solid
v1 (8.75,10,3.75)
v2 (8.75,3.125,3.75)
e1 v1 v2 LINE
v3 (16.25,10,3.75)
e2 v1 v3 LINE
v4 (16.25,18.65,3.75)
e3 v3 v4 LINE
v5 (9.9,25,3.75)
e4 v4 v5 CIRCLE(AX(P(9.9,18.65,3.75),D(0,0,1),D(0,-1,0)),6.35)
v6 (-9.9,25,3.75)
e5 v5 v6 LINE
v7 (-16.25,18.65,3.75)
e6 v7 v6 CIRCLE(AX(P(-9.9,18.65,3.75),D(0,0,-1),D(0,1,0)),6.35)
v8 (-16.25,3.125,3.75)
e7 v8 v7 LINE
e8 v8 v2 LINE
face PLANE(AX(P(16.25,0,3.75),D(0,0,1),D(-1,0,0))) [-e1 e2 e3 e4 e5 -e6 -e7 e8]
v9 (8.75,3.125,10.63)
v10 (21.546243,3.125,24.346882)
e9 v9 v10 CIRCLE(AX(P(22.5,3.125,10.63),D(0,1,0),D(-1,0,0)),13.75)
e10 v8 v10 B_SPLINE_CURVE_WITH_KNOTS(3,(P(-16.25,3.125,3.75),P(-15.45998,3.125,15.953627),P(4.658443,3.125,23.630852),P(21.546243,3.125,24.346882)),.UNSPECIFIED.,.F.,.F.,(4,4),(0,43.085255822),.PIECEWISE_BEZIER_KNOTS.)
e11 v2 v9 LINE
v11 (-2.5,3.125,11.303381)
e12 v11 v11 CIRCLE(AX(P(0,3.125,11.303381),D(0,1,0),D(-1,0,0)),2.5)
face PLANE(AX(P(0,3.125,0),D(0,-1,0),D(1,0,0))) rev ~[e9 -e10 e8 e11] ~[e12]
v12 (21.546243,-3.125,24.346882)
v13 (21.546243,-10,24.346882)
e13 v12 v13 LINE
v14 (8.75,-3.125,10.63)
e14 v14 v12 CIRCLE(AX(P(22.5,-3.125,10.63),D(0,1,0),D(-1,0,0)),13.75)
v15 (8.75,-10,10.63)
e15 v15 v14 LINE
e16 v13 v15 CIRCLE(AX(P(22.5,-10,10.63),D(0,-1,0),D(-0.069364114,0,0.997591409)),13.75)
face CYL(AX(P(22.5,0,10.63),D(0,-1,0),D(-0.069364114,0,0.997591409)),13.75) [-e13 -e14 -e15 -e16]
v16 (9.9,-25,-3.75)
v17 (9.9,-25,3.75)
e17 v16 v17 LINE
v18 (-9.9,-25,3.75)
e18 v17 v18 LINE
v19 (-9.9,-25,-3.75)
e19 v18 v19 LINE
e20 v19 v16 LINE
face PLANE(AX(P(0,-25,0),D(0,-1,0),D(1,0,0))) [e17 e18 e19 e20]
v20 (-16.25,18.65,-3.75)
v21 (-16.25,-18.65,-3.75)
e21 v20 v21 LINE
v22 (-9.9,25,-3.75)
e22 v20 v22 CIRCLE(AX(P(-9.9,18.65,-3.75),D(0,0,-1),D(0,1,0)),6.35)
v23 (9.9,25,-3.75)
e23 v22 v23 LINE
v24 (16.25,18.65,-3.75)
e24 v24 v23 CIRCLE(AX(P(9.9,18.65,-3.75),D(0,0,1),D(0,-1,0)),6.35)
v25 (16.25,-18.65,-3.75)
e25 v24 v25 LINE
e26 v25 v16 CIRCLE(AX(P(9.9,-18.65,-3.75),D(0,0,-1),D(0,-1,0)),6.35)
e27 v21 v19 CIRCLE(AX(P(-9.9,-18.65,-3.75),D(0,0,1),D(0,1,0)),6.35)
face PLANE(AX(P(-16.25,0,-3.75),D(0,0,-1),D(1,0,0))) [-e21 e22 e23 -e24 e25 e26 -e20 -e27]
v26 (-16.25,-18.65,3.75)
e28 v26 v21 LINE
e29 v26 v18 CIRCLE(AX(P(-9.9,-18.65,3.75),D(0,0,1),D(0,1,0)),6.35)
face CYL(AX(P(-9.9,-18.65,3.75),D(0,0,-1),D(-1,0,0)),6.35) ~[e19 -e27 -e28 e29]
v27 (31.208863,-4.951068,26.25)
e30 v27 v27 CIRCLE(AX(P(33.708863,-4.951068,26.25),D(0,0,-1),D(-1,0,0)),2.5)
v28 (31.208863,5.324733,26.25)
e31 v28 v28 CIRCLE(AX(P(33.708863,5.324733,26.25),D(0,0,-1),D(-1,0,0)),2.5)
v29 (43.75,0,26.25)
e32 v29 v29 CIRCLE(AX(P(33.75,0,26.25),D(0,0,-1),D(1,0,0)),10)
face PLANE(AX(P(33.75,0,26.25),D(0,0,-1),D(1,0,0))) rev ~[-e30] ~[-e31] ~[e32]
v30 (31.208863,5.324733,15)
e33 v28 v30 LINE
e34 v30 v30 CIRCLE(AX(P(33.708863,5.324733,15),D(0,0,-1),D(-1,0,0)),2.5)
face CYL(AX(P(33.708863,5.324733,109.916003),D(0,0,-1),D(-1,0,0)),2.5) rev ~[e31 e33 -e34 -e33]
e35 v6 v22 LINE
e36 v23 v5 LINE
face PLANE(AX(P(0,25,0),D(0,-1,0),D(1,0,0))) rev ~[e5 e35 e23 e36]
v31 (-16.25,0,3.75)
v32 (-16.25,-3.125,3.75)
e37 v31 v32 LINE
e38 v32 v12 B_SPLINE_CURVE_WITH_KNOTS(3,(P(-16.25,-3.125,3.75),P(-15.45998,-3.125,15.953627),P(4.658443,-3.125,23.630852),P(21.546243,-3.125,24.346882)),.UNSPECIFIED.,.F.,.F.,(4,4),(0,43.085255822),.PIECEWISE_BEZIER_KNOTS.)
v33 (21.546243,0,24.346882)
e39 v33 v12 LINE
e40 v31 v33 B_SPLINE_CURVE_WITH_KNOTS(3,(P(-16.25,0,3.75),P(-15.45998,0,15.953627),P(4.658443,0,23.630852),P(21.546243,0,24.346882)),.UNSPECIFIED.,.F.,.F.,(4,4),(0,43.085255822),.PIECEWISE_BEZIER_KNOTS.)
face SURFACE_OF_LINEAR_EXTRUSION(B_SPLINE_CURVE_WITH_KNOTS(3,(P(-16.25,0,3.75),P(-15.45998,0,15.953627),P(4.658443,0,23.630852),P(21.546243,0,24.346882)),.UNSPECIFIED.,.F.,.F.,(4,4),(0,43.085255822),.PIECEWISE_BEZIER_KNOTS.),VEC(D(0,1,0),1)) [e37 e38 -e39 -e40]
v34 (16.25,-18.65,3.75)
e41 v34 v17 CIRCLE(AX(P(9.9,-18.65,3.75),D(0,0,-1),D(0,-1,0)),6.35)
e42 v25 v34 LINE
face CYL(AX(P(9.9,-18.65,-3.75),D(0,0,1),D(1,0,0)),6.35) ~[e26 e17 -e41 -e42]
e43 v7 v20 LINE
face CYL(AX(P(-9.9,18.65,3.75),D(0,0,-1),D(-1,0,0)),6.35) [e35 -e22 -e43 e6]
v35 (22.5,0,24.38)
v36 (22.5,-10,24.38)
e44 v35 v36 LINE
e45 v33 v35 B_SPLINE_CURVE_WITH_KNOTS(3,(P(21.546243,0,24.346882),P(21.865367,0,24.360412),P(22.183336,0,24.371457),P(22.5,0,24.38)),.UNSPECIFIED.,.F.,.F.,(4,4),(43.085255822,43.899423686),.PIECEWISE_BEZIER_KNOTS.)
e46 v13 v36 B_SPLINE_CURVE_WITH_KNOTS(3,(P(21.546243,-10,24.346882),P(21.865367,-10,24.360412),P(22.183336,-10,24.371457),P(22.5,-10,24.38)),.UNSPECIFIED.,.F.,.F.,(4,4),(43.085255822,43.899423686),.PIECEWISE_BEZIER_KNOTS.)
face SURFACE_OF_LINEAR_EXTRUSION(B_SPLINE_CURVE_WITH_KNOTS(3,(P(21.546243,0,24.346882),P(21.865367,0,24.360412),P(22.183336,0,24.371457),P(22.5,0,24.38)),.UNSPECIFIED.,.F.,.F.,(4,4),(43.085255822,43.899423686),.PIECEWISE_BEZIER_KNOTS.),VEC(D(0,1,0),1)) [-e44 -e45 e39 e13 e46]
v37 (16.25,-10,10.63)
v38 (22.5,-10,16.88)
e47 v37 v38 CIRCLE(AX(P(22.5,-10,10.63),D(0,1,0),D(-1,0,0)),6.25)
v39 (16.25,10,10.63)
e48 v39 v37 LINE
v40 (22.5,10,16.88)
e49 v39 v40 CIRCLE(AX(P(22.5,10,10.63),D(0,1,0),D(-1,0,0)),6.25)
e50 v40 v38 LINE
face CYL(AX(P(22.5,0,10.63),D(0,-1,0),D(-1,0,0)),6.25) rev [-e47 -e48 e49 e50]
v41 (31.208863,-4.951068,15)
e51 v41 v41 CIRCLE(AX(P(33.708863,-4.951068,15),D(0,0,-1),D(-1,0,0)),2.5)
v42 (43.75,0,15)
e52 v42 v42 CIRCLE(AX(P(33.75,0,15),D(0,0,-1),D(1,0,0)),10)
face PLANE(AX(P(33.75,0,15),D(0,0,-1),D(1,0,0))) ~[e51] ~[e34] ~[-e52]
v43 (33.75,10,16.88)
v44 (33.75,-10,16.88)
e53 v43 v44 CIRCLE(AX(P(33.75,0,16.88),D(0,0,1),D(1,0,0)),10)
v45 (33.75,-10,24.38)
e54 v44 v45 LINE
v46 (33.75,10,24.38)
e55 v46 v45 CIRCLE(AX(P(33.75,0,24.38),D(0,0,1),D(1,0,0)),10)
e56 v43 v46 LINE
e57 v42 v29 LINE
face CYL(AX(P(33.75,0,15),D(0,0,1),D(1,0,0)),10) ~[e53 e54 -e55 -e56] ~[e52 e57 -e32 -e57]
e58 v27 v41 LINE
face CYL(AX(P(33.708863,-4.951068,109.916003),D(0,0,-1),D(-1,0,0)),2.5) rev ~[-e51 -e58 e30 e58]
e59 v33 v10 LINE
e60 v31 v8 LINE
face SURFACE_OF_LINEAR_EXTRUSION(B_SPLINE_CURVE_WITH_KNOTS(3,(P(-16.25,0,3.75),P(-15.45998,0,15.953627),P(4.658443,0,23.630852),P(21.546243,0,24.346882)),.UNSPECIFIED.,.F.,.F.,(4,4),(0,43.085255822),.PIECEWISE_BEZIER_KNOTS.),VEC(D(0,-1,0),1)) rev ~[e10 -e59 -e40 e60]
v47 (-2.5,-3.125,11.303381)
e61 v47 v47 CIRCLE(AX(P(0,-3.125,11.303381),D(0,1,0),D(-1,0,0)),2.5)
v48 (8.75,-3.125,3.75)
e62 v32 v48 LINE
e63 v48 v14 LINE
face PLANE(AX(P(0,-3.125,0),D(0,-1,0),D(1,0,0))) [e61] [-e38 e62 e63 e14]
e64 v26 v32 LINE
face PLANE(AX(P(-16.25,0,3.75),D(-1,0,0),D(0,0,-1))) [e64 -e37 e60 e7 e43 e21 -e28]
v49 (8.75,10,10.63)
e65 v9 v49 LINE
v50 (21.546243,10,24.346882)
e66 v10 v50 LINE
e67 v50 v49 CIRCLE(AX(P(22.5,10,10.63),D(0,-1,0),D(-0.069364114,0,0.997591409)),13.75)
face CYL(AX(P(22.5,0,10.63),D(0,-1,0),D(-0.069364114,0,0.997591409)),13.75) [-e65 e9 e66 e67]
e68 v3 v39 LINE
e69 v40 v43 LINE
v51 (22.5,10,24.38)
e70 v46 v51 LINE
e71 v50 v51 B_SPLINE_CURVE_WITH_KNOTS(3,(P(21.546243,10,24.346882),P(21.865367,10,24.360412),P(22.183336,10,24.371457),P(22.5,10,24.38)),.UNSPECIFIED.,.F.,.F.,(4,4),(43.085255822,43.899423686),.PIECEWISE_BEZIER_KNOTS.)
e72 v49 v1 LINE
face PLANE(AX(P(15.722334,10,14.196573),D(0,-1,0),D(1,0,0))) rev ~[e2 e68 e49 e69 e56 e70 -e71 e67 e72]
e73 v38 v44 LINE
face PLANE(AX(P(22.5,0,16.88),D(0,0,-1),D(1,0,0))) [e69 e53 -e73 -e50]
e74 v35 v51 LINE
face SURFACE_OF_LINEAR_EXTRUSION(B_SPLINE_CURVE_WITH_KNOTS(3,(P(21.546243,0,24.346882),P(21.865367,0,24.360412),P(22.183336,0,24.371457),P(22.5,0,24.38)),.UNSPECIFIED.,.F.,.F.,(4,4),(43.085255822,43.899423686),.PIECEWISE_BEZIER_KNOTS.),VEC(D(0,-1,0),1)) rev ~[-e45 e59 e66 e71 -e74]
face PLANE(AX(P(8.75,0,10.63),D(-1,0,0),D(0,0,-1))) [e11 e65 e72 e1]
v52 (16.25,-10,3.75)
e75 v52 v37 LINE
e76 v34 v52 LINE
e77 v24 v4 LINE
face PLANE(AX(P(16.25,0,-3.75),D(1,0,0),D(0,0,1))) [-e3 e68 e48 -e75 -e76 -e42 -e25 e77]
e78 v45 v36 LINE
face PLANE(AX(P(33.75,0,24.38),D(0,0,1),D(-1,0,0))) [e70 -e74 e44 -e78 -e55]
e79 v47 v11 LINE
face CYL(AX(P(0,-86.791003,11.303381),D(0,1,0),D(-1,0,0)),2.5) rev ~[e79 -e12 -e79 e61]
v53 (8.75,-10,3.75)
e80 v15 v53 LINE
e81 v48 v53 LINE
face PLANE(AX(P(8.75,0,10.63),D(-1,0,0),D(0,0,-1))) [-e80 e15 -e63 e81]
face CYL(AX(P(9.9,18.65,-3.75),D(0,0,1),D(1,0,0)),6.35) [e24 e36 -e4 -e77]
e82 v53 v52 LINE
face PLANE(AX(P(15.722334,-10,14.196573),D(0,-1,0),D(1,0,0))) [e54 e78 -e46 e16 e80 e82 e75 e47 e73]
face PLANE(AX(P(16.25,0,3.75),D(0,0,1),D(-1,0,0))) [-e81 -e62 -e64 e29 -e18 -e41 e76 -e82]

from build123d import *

# Parameters (mm, degrees)
F1_DEPTH = 25
F0_W     = 10
F0_H     = 7.5
F2_DEPTH = 10
F3_DEPTH = 3.125
F5_R     = 6.35
F7_D     = 5
F9_D     = 5


with BuildPart() as f1:
    # F0 (on Front) → F1 (new body, symmetric)
    with BuildSketch(Plane.XZ):
        Polygon((8.75, 3.75), (-16.25, 3.75), (-16.25, -3.75), (16.25, -3.75), (16.25, 3.75), align=None)
    extrude(amount=F1_DEPTH, both=True)

    # F0 (on Front) → F2 (join, symmetric)
    with BuildSketch(Plane.XZ):
        with BuildLine():
            Line((8.75, 10.63), (8.75, 3.75))
            Line((8.75, 3.75), (16.25, 3.75))
            Line((16.25, 3.75), (16.25, 10.63))
            ThreePointArc((16.25, 10.63), (18.0805826176, 15.0494173824), (22.5, 16.88))
            Line((22.5, 16.88), (23.75, 16.88))
            Line((23.75, 16.88), (23.75, 24.38))
            Line((23.75, 24.38), (22.5, 24.38))
            add(Edge.make_bspline(
                [(21.5462434262, 24.3468818759), (21.8653666282, 24.3604124593), (22.1833362267, 24.3714573104), (22.5, 24.38)],
                knots=[43.0852558218, 43.0852558218, 43.0852558218, 43.0852558218, 43.8994236864, 43.8994236864, 43.8994236864, 43.8994236864], degree=3))
            ThreePointArc((21.5462434262, 24.3468818759), (12.4457309343, 20.0094548645), (8.75, 10.63))
        make_face()
        with Locations((28.75, 20.63)):
            Rectangle(F0_W, F0_H)
    extrude(amount=F2_DEPTH, both=True)

    # F0 (on Front) → F3 (join, symmetric)
    with BuildSketch(Plane.XZ):
        Polygon((8.75, 3.75), (-16.25, 3.75), (-16.25, -3.75), (16.25, -3.75), (16.25, 3.75), align=None)
        with BuildLine():
            add(Edge.make_bspline(
                [(-16.25, 3.75), (-15.4599795395, 15.953627077), (4.6584425259, 23.6308518407), (21.5462434262, 24.3468818759)],
                knots=[0, 0, 0, 0, 43.0852558218, 43.0852558218, 43.0852558218, 43.0852558218], degree=3))
            Line((-16.25, 3.75), (8.75, 3.75))
            Line((8.75, 3.75), (8.75, 10.63))
            ThreePointArc((8.75, 10.63), (12.4457309343, 20.0094548645), (21.5462434262, 24.3468818759))
        make_face()
    extrude(amount=F3_DEPTH, both=True)

    # F0 (on Front) → F4 (revolve)
    with BuildSketch(Plane.XZ):
        Polygon((33.75, 26.25), (33.75, 24.38), (33.75, 16.88), (33.75, 15), (43.75, 15), (43.75, 26.25), align=None)
    revolve(axis=Axis((33.75, 0, 20.625), (0, 0, -1)))

    # F5
    f5_edges = [f1.edges().sort_by_distance(p)[0] for p in [
        (-16.25, -25, 0),
        (16.25, -25, 0),
        (16.25, 25, 0),
        (-16.25, 25, 0),
    ]]
    fillet(f5_edges, radius=F5_R)

    # F7 (through all)
    with Locations(Plane.XY.offset(26.25)):
        with Locations((33.7088629603, 5.3247334436), (33.7088629603, -4.9510677345)):
            Hole(F7_D / 2)

    # F9 (through all)
    with Locations(Plane.XZ.offset(3.125)):
        with Locations((0, 11.303381063)):
            Hole(F9_D / 2)


solid = f1.part
